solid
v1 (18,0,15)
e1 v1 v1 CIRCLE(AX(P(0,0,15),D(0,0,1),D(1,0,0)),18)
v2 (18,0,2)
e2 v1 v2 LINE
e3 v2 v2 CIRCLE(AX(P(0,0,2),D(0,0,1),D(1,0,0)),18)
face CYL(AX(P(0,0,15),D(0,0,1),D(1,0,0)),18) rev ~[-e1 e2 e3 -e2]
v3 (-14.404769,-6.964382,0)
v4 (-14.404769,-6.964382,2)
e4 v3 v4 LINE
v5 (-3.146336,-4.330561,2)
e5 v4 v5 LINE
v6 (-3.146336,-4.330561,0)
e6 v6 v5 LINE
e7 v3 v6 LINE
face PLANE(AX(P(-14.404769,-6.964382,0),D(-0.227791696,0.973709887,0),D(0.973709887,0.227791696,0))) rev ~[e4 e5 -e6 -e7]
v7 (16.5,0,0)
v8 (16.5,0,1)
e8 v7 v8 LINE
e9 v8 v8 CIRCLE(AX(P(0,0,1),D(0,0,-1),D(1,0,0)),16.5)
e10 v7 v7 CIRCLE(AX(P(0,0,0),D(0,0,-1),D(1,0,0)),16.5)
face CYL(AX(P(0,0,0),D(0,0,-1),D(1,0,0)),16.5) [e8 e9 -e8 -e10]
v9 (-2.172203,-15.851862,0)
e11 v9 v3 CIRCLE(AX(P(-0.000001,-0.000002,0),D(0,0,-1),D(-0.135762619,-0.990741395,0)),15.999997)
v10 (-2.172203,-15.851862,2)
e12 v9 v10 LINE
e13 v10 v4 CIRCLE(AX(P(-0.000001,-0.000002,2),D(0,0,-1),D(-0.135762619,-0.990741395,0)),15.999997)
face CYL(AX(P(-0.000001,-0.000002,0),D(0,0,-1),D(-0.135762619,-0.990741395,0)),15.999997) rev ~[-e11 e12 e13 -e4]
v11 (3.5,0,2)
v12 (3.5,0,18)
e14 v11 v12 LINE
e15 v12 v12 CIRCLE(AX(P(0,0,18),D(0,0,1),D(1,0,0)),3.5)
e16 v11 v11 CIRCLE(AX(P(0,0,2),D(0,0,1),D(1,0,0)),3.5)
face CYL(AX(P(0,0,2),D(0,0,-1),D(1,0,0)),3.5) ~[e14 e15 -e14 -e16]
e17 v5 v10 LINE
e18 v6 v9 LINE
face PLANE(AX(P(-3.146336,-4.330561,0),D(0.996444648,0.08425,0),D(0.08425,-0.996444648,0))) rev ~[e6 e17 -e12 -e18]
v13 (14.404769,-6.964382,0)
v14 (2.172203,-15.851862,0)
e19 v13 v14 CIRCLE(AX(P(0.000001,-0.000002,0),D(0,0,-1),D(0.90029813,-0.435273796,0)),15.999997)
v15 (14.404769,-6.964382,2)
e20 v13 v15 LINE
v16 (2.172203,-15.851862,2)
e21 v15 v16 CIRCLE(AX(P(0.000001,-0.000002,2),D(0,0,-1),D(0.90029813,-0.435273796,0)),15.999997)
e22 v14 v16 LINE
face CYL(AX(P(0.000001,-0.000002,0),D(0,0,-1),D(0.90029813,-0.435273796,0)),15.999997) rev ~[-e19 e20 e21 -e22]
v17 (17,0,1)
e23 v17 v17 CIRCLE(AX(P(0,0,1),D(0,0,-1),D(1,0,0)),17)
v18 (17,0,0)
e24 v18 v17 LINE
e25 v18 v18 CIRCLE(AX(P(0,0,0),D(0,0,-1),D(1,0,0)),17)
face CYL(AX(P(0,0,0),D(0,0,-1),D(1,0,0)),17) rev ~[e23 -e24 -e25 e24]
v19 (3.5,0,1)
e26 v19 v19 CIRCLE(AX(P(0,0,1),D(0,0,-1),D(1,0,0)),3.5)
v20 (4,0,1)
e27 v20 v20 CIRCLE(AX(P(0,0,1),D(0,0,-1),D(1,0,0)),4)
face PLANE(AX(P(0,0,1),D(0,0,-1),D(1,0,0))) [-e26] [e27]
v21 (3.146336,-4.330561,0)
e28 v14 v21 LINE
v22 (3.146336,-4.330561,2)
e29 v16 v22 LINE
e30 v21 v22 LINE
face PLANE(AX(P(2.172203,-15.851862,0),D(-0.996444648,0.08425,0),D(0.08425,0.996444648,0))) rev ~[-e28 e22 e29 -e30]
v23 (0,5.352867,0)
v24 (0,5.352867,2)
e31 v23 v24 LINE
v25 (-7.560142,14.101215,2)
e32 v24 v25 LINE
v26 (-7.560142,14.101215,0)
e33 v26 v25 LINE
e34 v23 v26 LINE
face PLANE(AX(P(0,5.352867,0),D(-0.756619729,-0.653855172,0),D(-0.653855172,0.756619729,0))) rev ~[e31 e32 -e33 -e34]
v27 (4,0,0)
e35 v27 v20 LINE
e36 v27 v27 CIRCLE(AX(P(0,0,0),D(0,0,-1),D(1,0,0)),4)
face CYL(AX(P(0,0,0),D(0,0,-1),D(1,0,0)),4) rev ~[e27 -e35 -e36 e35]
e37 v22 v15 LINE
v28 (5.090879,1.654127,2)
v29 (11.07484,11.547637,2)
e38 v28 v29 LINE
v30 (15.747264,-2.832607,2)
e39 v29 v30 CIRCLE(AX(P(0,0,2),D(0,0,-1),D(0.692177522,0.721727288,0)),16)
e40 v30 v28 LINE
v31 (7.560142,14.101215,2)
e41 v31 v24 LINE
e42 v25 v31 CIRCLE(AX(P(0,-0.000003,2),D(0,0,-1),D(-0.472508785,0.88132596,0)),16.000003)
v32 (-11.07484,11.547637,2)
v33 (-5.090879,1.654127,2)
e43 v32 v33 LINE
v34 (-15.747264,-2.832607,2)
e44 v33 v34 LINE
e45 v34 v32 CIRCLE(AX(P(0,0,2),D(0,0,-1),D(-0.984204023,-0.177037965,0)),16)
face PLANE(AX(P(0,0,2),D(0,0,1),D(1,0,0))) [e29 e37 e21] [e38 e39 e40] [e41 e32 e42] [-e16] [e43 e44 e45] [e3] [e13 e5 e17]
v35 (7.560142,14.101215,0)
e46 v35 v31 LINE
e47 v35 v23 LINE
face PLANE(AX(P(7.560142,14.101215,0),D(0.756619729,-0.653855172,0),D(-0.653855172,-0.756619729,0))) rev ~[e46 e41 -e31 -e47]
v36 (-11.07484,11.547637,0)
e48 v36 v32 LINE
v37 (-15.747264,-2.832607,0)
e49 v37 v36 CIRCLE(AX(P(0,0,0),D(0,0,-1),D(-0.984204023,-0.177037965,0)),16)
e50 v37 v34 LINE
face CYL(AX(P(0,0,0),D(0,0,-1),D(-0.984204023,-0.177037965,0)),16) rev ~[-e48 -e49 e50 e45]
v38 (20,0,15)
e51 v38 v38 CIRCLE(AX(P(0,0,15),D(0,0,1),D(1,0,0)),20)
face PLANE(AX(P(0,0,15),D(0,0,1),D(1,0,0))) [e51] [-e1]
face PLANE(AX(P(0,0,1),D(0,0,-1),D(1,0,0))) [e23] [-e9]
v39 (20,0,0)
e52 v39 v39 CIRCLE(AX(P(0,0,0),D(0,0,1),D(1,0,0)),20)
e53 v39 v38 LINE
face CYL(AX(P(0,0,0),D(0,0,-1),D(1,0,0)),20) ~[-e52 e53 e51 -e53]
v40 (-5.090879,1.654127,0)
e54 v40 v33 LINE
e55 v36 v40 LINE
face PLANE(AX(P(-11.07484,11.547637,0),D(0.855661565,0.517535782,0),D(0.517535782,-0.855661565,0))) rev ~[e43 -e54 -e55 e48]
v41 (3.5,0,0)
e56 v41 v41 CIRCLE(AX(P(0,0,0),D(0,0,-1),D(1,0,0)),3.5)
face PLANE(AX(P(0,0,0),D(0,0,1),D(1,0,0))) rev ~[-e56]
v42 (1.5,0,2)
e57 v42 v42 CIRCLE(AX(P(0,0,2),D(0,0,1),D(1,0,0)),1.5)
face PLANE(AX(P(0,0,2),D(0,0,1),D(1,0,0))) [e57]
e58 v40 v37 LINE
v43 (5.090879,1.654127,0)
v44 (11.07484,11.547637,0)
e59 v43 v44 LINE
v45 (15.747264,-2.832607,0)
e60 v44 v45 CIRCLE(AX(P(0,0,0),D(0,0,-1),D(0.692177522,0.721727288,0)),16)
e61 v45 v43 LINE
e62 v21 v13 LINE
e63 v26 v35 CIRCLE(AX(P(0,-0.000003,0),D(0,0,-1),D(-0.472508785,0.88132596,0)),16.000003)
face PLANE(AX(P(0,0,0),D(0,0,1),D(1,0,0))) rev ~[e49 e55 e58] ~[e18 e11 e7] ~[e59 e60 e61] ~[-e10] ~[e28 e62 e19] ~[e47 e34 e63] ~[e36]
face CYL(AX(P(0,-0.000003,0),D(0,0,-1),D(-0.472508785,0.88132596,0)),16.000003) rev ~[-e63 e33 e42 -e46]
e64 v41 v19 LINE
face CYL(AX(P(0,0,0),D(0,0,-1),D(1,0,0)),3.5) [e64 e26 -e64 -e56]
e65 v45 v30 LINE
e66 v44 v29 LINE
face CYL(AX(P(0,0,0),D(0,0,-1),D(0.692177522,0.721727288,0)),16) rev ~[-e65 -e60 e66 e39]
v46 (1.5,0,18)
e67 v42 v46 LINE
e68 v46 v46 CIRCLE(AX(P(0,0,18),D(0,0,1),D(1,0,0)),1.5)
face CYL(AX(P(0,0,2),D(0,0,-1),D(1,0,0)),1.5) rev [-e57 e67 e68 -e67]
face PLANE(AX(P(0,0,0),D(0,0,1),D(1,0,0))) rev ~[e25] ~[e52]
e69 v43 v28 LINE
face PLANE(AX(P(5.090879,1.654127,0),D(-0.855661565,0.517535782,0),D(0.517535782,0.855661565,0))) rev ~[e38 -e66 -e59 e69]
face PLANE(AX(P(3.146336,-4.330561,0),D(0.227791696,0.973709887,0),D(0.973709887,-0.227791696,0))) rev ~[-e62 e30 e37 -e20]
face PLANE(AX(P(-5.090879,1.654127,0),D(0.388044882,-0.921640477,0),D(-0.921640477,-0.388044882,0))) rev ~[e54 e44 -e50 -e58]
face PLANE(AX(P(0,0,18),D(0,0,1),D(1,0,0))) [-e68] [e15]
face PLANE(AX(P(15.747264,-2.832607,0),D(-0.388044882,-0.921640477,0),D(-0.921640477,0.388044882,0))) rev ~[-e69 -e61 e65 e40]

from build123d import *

# Parameters (mm, degrees)
F0_R      = 20
F1_DEPTH  = 15
F2_R      = 18
F3_DEPTH  = 13
F4_R      = 3.5
F4_R_2    = 1.5
F6_DEPTH  = 16
F7_DEPTH  = 2
F5_R      = 16.5
F5_R_2    = 17
F8_DEPTH  = 1
F9_R      = 4
F9_R_2    = 3.5
F10_DEPTH = 1


with BuildPart() as f1:
    # F0 (on Top) → F1 (new body)
    with BuildSketch(Plane.XY):
        Circle(F0_R)
    extrude(amount=F1_DEPTH)

    # F2 (on face) → F3 (cut)
    with BuildSketch(Plane.XY.offset(15)):
        Circle(F2_R)
    extrude(amount=-F3_DEPTH, mode=Mode.SUBTRACT)

    # F4 (on face) → F6 (join)
    with BuildSketch(Plane.XY.offset(2)):
        Circle(F4_R)
        Circle(F4_R_2, mode=Mode.SUBTRACT)
    extrude(amount=F6_DEPTH)

    # F5 (on face) → F7 (cut)
    with BuildSketch(Plane(origin=(0, 0, 0), x_dir=(1, 0, 0), z_dir=(0, 0, -1))):
        with BuildLine():
            Line((0, -5.352867), (-7.560142, -14.101215))
            ThreePointArc((-7.560142, -14.101215), (0, -16), (7.560142, -14.101215))
            Line((7.560142, -14.101215), (0, -5.352867))
        make_face()
        with BuildLine():
            Line((-5.090879, -1.654127), (-15.747264, 2.832607))
            ThreePointArc((-15.747264, 2.832607), (-15.216904, -4.944272), (-11.07484, -11.547637))
            Line((-11.07484, -11.547637), (-5.090879, -1.654127))
        make_face()
        with BuildLine():
            Line((-3.146336, 4.330561), (-2.172203, 15.851862))
            ThreePointArc((-2.172203, 15.851862), (-9.404564, 12.944272), (-14.404769, 6.964382))
            Line((-14.404769, 6.964382), (-3.146336, 4.330561))
        make_face()
        with BuildLine():
            ThreePointArc((14.404769, 6.964382), (9.404564, 12.944272), (2.172203, 15.851862))
            Line((2.172203, 15.851862), (3.146336, 4.330561))
            Line((3.146336, 4.330561), (14.404769, 6.964382))
        make_face()
        with BuildLine():
            Line((5.090879, -1.654127), (11.07484, -11.547637))
            ThreePointArc((11.07484, -11.547637), (15.216904, -4.944272), (15.747264, 2.832607))
            Line((15.747264, 2.832607), (5.090879, -1.654127))
        make_face()
    extrude(amount=-F7_DEPTH, mode=Mode.SUBTRACT)

    # F5 (on face) → F8 (cut)
    with BuildSketch(Plane(origin=(0, 0, 0), x_dir=(1, 0, 0), z_dir=(0, 0, -1))):
        Circle(F5_R)
        with BuildLine():
            ThreePointArc((-11.07484, -11.547637), (-15.216904, -4.944272), (-15.747264, 2.832607))
            Line((-15.747264, 2.832607), (-5.090879, -1.654127))
            Line((-5.090879, -1.654127), (-11.07484, -11.547637))
        make_face(mode=Mode.SUBTRACT)
        with BuildLine():
            ThreePointArc((7.560142, -14.101215), (0, -16), (-7.560142, -14.101215))
            Line((-7.560142, -14.101215), (0, -5.352867))
            Line((0, -5.352867), (7.560142, -14.101215))
        make_face(mode=Mode.SUBTRACT)
        with BuildLine():
            ThreePointArc((15.747264, 2.832607), (15.216904, -4.944272), (11.07484, -11.547637))
            Line((11.07484, -11.547637), (5.090879, -1.654127))
            Line((5.090879, -1.654127), (15.747264, 2.832607))
        make_face(mode=Mode.SUBTRACT)
        with BuildLine():
            ThreePointArc((-14.404769, 6.964382), (-9.404564, 12.944272), (-2.172203, 15.851862))
            Line((-2.172203, 15.851862), (-3.146336, 4.330561))
            Line((-3.146336, 4.330561), (-14.404769, 6.964382))
        make_face(mode=Mode.SUBTRACT)
        with BuildLine():
            Line((3.146336, 4.330561), (2.172203, 15.851862))
            ThreePointArc((2.172203, 15.851862), (9.404564, 12.944272), (14.404769, 6.964382))
            Line((14.404769, 6.964382), (3.146336, 4.330561))
        make_face(mode=Mode.SUBTRACT)
        Circle(F5_R_2)
        Circle(F5_R, mode=Mode.SUBTRACT)
    extrude(amount=-F8_DEPTH, mode=Mode.SUBTRACT)

    # F9 (on face) → F10 (cut)
    with BuildSketch(Plane(origin=(0, 0, 0), x_dir=(1, 0, 0), z_dir=(0, 0, -1))):
        Circle(F9_R)
        Circle(F9_R_2, mode=Mode.SUBTRACT)
    extrude(amount=-F10_DEPTH, mode=Mode.SUBTRACT)


solid = f1.part
